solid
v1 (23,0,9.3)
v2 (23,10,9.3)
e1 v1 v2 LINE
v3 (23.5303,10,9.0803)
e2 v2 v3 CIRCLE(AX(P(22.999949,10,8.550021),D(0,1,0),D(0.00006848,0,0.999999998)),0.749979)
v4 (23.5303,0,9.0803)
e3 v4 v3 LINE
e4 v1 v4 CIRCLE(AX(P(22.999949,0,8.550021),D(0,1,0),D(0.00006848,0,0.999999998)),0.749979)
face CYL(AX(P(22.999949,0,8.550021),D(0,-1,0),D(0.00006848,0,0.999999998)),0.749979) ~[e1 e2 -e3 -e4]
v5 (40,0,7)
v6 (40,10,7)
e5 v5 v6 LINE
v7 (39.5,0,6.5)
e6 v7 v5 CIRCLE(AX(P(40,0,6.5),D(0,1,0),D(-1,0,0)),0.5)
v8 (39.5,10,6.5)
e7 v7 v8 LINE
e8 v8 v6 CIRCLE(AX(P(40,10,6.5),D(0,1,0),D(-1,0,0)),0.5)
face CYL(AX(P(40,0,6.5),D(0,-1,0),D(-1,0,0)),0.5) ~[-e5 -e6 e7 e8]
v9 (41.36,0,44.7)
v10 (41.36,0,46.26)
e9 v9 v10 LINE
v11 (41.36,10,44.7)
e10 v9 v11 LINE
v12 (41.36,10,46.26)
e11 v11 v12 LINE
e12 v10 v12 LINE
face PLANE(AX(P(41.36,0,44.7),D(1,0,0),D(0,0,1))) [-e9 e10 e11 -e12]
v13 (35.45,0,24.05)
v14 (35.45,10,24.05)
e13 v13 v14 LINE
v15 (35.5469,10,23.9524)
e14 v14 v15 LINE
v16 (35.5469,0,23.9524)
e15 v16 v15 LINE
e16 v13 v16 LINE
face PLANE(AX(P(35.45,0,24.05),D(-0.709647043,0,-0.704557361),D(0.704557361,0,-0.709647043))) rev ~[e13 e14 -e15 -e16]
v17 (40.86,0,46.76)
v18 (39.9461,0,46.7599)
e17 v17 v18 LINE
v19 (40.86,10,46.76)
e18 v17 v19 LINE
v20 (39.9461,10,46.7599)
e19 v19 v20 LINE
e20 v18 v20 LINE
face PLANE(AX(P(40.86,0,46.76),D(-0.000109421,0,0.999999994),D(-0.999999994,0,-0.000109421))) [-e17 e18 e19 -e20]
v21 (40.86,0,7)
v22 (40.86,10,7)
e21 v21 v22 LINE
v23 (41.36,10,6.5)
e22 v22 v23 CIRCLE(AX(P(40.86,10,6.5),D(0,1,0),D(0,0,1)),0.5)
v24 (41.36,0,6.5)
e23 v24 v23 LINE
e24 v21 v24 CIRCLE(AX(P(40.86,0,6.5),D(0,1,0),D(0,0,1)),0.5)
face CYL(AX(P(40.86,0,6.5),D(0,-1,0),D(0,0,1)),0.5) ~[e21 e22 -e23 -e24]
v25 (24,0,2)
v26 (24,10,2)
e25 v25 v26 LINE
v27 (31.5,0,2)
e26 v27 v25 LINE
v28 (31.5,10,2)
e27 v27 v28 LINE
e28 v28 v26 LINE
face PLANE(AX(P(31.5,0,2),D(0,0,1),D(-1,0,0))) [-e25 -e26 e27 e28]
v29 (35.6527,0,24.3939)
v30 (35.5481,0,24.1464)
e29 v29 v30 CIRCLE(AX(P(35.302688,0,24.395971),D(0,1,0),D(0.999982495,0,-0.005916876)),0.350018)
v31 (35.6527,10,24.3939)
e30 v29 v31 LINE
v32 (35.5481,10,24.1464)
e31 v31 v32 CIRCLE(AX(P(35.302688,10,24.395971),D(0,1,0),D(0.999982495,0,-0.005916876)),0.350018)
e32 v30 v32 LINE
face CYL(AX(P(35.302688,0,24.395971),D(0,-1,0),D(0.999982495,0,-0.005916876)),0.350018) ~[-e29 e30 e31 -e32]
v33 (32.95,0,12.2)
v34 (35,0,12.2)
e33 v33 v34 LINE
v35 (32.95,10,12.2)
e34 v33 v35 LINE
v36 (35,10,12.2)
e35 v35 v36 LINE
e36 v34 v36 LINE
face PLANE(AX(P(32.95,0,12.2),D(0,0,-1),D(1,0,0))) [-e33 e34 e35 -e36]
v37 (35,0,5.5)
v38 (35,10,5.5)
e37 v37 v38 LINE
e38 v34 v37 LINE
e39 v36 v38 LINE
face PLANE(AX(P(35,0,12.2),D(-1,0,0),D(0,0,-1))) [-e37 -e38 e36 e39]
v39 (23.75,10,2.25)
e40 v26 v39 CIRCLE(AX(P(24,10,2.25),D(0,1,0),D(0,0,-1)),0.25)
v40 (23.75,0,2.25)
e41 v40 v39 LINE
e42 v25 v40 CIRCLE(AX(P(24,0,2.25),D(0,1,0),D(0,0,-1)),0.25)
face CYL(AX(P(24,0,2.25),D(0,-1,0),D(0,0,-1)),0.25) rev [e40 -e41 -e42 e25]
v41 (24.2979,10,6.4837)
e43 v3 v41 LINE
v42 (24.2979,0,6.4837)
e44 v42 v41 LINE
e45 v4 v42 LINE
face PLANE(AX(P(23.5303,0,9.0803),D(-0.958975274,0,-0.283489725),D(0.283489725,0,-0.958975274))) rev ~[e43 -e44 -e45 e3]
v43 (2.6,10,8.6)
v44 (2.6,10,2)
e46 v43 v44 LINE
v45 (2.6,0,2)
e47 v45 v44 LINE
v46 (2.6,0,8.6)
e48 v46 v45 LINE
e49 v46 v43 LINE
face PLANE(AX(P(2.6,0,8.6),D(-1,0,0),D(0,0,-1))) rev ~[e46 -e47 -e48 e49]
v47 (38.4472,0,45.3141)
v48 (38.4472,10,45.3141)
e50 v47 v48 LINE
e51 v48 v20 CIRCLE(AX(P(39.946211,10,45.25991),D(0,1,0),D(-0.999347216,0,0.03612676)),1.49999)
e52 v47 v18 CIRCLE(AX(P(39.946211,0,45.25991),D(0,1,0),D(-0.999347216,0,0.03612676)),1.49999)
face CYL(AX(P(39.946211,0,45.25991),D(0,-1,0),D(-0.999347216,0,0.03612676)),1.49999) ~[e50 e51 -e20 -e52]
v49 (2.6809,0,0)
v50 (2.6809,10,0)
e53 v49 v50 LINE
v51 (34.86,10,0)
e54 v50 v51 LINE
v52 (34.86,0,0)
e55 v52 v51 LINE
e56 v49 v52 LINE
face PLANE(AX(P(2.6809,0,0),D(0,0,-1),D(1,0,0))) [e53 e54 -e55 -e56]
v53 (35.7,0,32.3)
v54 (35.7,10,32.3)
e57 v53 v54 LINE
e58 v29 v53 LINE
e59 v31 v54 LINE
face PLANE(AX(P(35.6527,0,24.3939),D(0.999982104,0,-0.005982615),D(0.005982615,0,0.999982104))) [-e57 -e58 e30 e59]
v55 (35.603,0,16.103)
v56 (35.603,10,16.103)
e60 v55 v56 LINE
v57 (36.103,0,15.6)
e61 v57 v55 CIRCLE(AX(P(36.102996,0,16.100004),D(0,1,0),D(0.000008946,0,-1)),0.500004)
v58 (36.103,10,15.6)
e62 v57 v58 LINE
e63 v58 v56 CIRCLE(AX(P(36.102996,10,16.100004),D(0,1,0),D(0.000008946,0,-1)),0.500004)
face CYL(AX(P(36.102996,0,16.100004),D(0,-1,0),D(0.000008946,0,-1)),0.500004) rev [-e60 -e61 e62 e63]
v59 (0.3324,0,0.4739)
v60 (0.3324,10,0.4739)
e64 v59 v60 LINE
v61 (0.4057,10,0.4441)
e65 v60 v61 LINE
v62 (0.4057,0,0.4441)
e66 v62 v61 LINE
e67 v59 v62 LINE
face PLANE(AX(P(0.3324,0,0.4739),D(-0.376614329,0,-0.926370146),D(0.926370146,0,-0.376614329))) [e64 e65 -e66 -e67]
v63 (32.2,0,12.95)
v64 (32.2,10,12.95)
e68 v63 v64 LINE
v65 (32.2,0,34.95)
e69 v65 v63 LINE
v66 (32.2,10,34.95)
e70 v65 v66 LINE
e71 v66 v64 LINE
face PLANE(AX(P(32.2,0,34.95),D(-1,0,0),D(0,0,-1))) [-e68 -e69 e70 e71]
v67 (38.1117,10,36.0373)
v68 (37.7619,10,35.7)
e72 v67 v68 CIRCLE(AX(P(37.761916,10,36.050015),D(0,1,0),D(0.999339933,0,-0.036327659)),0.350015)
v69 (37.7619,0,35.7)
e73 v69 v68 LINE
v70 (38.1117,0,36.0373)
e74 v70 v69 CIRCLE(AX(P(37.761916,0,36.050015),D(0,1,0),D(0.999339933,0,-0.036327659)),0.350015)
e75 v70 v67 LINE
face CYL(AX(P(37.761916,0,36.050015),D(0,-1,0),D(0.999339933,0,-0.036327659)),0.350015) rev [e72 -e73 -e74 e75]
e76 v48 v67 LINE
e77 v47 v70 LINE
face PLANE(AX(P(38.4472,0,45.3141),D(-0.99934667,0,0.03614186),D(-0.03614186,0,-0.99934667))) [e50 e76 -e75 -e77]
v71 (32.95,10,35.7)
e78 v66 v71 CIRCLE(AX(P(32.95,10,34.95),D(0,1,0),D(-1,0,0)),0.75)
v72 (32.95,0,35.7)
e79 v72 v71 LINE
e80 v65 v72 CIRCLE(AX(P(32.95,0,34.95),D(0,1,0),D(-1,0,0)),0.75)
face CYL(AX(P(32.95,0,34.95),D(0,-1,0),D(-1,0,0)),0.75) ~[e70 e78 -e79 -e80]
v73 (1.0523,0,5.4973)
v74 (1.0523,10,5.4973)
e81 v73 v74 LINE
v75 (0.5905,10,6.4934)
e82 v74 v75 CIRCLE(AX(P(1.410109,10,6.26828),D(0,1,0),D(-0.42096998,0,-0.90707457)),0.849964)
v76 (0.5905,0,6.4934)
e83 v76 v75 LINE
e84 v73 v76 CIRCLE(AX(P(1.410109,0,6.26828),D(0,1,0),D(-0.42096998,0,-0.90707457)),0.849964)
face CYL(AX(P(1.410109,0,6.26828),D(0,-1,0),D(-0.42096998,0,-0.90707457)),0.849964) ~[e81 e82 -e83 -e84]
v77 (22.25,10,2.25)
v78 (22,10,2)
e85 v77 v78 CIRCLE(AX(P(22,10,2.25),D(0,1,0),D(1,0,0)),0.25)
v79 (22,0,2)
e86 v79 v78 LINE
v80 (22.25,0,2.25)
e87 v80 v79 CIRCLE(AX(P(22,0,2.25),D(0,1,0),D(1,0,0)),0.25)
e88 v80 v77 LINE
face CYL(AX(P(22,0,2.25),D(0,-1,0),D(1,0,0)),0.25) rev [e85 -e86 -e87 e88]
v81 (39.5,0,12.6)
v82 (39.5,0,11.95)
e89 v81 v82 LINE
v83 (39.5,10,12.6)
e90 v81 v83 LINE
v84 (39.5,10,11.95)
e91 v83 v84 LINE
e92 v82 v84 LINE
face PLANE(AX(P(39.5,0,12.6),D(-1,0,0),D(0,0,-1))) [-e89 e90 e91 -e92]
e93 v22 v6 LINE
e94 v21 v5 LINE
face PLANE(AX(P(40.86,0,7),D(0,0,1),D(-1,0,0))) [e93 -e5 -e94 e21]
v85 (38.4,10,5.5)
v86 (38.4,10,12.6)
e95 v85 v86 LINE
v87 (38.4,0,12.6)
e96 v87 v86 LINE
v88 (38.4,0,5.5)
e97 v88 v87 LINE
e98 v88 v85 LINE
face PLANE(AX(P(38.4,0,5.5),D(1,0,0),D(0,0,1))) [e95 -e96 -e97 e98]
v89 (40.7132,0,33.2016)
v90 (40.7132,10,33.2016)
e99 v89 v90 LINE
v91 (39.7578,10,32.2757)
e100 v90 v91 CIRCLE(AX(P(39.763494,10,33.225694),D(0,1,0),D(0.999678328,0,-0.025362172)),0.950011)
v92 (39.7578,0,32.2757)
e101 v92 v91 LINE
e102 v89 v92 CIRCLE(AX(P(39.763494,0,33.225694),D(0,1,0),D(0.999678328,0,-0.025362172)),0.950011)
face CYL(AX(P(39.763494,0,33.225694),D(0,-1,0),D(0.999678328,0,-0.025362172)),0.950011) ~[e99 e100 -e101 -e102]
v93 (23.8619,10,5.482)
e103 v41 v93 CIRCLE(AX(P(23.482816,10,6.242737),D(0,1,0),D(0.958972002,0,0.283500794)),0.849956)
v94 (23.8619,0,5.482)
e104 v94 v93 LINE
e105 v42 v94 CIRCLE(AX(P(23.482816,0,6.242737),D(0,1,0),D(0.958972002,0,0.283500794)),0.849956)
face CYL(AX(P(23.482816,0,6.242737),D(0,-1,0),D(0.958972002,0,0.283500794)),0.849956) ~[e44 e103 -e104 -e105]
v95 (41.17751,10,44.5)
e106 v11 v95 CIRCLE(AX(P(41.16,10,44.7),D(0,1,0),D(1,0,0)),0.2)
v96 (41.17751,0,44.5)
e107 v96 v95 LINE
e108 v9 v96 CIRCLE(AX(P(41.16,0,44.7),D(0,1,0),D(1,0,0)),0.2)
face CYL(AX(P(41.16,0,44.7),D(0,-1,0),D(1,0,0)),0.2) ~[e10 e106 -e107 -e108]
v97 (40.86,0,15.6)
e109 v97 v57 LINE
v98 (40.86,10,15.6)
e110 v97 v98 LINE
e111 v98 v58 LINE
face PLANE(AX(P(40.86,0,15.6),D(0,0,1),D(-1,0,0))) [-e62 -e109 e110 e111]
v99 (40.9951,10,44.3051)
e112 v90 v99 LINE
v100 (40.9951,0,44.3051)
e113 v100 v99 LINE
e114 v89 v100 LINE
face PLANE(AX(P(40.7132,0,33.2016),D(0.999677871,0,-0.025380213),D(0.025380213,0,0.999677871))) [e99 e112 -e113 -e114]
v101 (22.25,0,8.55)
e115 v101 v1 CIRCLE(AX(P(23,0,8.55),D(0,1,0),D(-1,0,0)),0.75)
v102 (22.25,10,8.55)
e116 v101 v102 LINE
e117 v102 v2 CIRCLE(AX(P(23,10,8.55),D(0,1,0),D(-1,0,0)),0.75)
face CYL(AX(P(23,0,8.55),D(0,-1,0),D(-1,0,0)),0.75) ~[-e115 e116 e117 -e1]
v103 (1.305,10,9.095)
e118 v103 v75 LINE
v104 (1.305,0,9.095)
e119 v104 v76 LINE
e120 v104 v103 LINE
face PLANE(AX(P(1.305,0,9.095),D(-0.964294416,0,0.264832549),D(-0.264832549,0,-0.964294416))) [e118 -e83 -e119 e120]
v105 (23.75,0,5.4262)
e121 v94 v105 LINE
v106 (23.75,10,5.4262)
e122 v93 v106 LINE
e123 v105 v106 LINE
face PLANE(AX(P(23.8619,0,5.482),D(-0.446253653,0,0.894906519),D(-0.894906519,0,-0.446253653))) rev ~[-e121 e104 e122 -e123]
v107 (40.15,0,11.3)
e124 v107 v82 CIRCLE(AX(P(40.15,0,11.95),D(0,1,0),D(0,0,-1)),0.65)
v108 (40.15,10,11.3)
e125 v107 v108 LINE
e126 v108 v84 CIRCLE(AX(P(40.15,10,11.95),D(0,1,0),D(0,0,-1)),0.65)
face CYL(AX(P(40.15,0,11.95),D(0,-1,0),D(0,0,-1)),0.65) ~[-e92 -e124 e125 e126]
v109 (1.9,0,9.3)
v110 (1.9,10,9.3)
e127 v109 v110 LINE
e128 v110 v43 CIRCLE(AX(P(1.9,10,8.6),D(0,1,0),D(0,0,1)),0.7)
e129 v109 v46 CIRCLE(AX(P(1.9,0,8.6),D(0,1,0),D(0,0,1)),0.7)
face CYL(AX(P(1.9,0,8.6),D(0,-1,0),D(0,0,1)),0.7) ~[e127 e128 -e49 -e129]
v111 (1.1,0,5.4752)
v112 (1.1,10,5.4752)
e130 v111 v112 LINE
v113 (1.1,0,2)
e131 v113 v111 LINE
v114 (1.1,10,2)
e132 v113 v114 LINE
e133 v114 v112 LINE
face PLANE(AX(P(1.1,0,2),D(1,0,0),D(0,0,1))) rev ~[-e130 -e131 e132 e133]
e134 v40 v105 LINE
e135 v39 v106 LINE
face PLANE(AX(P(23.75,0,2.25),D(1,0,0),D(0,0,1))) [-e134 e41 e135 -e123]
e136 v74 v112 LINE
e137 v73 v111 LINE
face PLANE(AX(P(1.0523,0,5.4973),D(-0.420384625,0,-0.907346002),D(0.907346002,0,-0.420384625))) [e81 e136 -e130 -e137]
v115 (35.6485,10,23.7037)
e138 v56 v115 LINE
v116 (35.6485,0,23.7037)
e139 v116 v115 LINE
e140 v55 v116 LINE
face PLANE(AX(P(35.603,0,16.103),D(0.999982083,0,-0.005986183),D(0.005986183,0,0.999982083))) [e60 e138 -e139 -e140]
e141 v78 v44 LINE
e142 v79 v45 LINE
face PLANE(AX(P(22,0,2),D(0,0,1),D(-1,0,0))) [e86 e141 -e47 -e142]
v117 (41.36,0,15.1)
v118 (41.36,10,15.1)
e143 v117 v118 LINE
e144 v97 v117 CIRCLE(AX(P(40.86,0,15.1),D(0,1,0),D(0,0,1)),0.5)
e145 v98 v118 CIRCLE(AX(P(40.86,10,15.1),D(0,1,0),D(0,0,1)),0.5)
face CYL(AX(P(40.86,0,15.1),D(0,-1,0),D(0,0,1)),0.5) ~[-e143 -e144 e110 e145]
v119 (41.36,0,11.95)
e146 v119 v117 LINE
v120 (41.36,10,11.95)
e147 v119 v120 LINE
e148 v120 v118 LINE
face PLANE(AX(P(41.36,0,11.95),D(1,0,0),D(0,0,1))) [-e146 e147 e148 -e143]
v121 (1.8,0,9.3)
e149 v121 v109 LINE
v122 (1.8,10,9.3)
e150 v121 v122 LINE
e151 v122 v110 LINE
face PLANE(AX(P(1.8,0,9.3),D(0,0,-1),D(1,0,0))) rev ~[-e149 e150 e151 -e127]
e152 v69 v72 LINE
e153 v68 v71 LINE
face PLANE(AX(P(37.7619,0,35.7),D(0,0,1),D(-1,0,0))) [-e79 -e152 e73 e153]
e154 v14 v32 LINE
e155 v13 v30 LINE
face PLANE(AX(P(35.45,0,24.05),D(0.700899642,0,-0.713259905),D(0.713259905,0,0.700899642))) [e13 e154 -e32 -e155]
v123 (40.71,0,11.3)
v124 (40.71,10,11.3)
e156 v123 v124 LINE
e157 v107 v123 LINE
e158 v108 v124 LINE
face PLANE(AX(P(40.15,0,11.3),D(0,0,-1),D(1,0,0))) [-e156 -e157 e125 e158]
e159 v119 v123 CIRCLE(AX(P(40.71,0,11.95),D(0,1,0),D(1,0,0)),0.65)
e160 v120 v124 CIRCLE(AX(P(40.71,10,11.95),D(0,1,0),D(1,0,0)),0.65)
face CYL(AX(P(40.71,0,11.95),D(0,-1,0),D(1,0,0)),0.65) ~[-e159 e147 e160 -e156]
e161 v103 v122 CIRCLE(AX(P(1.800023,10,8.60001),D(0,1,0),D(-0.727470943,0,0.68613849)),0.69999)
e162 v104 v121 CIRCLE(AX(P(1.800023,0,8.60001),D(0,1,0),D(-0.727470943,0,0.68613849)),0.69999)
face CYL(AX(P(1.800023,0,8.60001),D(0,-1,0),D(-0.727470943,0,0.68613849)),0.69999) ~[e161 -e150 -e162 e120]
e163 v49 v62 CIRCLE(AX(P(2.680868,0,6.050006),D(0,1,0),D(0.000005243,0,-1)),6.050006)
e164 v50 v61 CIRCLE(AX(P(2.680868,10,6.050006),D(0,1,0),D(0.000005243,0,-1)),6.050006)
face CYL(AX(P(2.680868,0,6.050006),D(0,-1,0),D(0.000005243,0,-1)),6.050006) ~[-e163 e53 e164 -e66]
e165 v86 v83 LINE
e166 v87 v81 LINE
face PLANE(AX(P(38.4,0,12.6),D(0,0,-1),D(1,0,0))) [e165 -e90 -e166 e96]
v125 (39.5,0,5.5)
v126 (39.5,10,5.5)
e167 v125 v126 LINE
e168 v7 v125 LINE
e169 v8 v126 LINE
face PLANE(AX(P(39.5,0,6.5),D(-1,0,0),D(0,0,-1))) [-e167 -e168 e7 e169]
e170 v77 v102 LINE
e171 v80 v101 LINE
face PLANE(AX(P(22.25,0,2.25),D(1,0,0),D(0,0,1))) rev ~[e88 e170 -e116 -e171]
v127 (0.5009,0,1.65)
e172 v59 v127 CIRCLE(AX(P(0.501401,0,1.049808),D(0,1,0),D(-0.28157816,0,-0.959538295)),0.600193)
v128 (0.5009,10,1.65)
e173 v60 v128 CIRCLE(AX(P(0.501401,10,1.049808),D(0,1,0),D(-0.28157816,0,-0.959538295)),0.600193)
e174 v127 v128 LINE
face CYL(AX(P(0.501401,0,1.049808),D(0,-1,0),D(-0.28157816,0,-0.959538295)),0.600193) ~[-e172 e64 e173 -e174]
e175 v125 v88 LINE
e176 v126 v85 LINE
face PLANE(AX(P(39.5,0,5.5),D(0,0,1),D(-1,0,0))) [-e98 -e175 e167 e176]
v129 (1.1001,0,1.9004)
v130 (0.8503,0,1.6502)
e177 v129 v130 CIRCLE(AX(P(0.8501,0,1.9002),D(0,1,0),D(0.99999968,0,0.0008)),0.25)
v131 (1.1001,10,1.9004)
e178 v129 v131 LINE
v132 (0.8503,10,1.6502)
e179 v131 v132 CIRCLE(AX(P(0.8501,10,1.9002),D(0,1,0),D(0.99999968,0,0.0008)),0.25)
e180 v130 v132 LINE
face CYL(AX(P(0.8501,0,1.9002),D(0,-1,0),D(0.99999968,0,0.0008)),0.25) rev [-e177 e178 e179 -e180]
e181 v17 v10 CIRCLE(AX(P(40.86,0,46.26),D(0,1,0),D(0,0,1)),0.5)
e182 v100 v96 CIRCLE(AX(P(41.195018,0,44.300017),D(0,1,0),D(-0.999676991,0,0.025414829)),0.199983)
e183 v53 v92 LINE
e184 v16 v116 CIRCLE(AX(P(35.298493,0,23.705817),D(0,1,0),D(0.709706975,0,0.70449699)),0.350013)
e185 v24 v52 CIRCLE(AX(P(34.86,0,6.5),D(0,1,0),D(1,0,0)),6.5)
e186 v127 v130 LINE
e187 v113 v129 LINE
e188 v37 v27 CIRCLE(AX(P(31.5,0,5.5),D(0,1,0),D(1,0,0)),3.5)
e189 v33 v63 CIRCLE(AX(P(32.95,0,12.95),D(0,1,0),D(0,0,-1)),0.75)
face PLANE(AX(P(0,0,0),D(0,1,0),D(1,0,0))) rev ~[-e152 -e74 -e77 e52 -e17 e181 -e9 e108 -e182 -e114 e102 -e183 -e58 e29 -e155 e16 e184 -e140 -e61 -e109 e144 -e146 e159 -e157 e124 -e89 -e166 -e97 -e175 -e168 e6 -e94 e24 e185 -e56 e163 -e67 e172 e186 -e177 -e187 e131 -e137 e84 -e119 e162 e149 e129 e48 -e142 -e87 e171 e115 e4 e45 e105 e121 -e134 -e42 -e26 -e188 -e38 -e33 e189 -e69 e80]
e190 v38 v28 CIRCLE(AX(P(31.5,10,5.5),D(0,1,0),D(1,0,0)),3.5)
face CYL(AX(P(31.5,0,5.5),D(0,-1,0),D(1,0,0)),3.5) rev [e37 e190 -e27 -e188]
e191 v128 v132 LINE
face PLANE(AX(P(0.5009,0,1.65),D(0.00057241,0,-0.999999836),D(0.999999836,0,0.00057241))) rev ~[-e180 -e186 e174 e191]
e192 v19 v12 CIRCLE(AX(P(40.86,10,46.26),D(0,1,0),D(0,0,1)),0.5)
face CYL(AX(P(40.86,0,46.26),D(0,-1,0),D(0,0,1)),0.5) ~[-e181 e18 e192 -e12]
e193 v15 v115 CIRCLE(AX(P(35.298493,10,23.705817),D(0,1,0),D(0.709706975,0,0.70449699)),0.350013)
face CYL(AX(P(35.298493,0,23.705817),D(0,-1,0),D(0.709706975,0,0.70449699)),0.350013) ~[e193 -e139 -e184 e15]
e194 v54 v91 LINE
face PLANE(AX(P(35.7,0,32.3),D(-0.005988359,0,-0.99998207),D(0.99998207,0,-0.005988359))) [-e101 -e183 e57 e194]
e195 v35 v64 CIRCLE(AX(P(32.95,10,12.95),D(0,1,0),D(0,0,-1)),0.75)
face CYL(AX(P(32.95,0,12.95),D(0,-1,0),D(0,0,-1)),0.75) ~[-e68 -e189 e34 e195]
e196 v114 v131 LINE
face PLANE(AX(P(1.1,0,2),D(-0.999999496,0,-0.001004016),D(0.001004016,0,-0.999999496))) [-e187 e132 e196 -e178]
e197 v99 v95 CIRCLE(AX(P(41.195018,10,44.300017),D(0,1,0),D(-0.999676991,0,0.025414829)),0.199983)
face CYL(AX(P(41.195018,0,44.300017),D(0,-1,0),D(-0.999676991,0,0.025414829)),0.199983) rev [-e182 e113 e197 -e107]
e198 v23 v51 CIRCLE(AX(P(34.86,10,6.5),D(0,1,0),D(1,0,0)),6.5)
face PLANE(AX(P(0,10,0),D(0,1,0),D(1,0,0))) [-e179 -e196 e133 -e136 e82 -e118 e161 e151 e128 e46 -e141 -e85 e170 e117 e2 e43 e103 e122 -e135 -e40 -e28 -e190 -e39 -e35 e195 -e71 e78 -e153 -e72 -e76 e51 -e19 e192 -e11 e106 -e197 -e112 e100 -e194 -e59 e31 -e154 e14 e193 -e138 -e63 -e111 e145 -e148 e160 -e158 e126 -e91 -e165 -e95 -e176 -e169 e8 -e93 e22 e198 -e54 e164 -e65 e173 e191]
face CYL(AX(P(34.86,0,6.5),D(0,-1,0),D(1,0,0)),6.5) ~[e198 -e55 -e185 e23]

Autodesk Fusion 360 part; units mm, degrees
sketch "Boceto1" plane through (0, 0, 0) normal (0, 1, 0) x (1, 0, 0)
  line L0 (2.6809, 0) -> (34.86, 0)
  arc A0 (41.36, -6.5) -> (34.86, 0) centre (34.86, -6.5) ccw
  line L1 (40.86, -46.76) -> (39.9461, -46.7599)
  line L2 (38.4472, -45.3141) -> (38.1117, -36.0373)
  line L3 (37.7619, -35.7) -> (32.95, -35.7)
  line L4 (32.2, -34.95) -> (32.2, -12.95)
  line L5 (32.95, -12.2) -> (35, -12.2)
  line L6 (35, -12.2) -> (35, -5.5)
  arc A1 (35, -5.5) -> (31.5, -2) centre (31.5, -5.5) ccw
  arc A2 (32.95, -12.2) -> (32.2, -12.95) centre (32.95, -12.95) ccw
  arc A3 (32.2, -34.95) -> (32.95, -35.7) centre (32.95, -34.95) ccw
  arc A4 (38.4472, -45.3141) -> (39.9461, -46.7599) centre (39.9462, -45.2599) ccw
  arc A5 (40.86, -46.76) -> (41.36, -46.26) centre (40.86, -46.26) ccw
  arc A6 (38.1117, -36.0373) -> (37.7619, -35.7) centre (37.7619, -36.05) ccw
  line L7 (40.86, -7) -> (40, -7)
  line L8 (39.5, -6.5) -> (39.5, -5.5)
  line L9 (39.5, -5.5) -> (38.4, -5.5)
  line L10 (38.4, -5.5) -> (38.4, -12.6)
  line L11 (38.4, -12.6) -> (39.5, -12.6)
  line L12 (39.5, -12.6) -> (39.5, -11.95)
  line L13 (40.15, -11.3) -> (40.71, -11.3)
  arc A7 (40.15, -11.3) -> (39.5, -11.95) centre (40.15, -11.95) ccw
  arc A8 (41.36, -11.95) -> (40.71, -11.3) centre (40.71, -11.95) ccw
  arc A9 (39.5, -6.5) -> (40, -7) centre (40, -6.5) ccw
  arc A10 (40.86, -7) -> (41.36, -6.5) centre (40.86, -6.5) ccw
  line L14 (40.86, -15.6) -> (36.103, -15.6)
  line L15 (35.7, -32.3) -> (39.7578, -32.2757)
  line L16 (40.7132, -33.2016) -> (40.9951, -44.3051)
  line L17 (41.195, -44.5) -> (41.16, -44.5)
  line L18 (41.36, -11.95) -> (41.36, -15.1)
  line L19 (41.36, -44.7) -> (41.36, -46.26)
  arc A11 (41.36, -44.7) -> (41.16, -44.5) centre (41.16, -44.7) ccw
  arc A12 (40.9951, -44.3051) -> (41.195, -44.5) centre (41.195, -44.3) ccw
  arc A13 (40.7132, -33.2016) -> (39.7578, -32.2757) centre (39.7635, -33.2257) ccw
  line L20 (35.45, -24.05) -> (35.5469, -23.9524)
  line L21 (35.45, -24.05) -> (35.5481, -24.1464)
  line L22 (35.603, -16.103) -> (35.6485, -23.7037)
  line L23 (35.6527, -24.3939) -> (35.7, -32.3)
  arc A14 (35.6527, -24.3939) -> (35.5481, -24.1464) centre (35.3027, -24.396) ccw
  arc A15 (35.5469, -23.9524) -> (35.6485, -23.7037) centre (35.2985, -23.7058) ccw
  arc A16 (40.86, -15.6) -> (41.36, -15.1) centre (40.86, -15.1) ccw
  arc A17 (36.103, -15.6) -> (35.603, -16.103) centre (36.103, -16.1) ccw
  line L24 (22.25, -2.25) -> (22.25, -8.55)
  line L25 (23.75, -2.25) -> (23.75, -5.4262)
  arc A18 (22.25, -8.55) -> (23, -9.3) centre (23, -8.55) ccw
  arc A19 (23, -9.3) -> (23.5303, -9.0803) centre (23, -8.55) ccw
  line L26 (23.5303, -9.0803) -> (24.2979, -6.4837)
  line L27 (23.8619, -5.482) -> (23.75, -5.4262)
  arc A20 (24.2979, -6.4837) -> (23.8619, -5.482) centre (23.4828, -6.2427) ccw
  line L28 (31.5, -2) -> (24, -2)
  arc A21 (22.25, -2.25) -> (22, -2) centre (22, -2.25) ccw
  arc A22 (24, -2) -> (23.75, -2.25) centre (24, -2.25) ccw
  line L29 (1.1, -2) -> (1.1, -5.4752)
  line L30 (1.8, -9.3) -> (1.9, -9.3)
  line L31 (2.6, -8.6) -> (2.6, -2)
  arc A23 (1.9, -9.3) -> (2.6, -8.6) centre (1.9, -8.6) ccw
  arc A24 (1.2908, -9.0803) -> (1.8, -9.3) centre (1.8, -8.6) ccw
  line L32 (2.6807, -9.0803) -> (0.7719, -9.0803) construction
  line L33 (2.395, -9.095) -> (24.5, -5.8) construction
  line L34 (24.5, -5.8) -> (0, -5.8) construction
  line L35 (1.305, -9.095) -> (0.5905, -6.4934)
  line L36 (23.75, -5.4262) -> (-2.0557, -5.482) construction
  line L37 (1.0523, -5.4973) -> (1.1, -5.4752)
  arc A25 (1.0523, -5.4973) -> (0.5905, -6.4934) centre (1.4101, -6.2683) ccw
  line L38 (22, -2) -> (2.6, -2)
  line L39 (1.1, -2) -> (1.1001, -1.9004)
  line L40 (0.5009, -1.65) -> (0.8503, -1.6502)
  arc A26 (1.1001, -1.9004) -> (0.8503, -1.6502) centre (0.8501, -1.9002) ccw
  line L41 (0.3324, -0.4739) -> (0.4057, -0.4441)
  arc A27 (2.6809, 0) -> (0.4057, -0.4441) centre (2.6809, -6.05) ccw
  arc A28 (0.3324, -0.4739) -> (0.5009, -1.65) centre (0.5014, -1.0498) ccw
  point P0 (41.36, 0)
  point P1 (41.36, -46.76)
  point P2 (2.6, -9.3)
  dimension "d1" = 41.36
  dimension "d2" = 46.76
  dimension "d3" = 6.5
  dimension "d4" = 3.5
  dimension "d5" = 0.75
  dimension "d6" = 0.75
  dimension "d7" = 1.5
  dimension "d8" = 0.5
  dimension "d9" = 0.35
  dimension "d10" = 0.65
  dimension "d11" = 0.5
  dimension "d12" = 0.2
  dimension "d13" = 0.95
  dimension "d16" = 0.35
  dimension "d17" = 0.5
  dimension "d18" = 0.75
  dimension "d19" = 0.85
  dimension "d20" = 0.25
  dimension "d24" = 7.3
  dimension "d25" = 1.5
  dimension "d26" = 0.7
  dimension "d27" = 0.85
  dimension "d28" = 0.25
  dimension "d29" = 6.05
extrude "Extruir1" add sketch "Boceto1" along normal blind 10
equation "L = 10 mm"
equation "d31 = L"
